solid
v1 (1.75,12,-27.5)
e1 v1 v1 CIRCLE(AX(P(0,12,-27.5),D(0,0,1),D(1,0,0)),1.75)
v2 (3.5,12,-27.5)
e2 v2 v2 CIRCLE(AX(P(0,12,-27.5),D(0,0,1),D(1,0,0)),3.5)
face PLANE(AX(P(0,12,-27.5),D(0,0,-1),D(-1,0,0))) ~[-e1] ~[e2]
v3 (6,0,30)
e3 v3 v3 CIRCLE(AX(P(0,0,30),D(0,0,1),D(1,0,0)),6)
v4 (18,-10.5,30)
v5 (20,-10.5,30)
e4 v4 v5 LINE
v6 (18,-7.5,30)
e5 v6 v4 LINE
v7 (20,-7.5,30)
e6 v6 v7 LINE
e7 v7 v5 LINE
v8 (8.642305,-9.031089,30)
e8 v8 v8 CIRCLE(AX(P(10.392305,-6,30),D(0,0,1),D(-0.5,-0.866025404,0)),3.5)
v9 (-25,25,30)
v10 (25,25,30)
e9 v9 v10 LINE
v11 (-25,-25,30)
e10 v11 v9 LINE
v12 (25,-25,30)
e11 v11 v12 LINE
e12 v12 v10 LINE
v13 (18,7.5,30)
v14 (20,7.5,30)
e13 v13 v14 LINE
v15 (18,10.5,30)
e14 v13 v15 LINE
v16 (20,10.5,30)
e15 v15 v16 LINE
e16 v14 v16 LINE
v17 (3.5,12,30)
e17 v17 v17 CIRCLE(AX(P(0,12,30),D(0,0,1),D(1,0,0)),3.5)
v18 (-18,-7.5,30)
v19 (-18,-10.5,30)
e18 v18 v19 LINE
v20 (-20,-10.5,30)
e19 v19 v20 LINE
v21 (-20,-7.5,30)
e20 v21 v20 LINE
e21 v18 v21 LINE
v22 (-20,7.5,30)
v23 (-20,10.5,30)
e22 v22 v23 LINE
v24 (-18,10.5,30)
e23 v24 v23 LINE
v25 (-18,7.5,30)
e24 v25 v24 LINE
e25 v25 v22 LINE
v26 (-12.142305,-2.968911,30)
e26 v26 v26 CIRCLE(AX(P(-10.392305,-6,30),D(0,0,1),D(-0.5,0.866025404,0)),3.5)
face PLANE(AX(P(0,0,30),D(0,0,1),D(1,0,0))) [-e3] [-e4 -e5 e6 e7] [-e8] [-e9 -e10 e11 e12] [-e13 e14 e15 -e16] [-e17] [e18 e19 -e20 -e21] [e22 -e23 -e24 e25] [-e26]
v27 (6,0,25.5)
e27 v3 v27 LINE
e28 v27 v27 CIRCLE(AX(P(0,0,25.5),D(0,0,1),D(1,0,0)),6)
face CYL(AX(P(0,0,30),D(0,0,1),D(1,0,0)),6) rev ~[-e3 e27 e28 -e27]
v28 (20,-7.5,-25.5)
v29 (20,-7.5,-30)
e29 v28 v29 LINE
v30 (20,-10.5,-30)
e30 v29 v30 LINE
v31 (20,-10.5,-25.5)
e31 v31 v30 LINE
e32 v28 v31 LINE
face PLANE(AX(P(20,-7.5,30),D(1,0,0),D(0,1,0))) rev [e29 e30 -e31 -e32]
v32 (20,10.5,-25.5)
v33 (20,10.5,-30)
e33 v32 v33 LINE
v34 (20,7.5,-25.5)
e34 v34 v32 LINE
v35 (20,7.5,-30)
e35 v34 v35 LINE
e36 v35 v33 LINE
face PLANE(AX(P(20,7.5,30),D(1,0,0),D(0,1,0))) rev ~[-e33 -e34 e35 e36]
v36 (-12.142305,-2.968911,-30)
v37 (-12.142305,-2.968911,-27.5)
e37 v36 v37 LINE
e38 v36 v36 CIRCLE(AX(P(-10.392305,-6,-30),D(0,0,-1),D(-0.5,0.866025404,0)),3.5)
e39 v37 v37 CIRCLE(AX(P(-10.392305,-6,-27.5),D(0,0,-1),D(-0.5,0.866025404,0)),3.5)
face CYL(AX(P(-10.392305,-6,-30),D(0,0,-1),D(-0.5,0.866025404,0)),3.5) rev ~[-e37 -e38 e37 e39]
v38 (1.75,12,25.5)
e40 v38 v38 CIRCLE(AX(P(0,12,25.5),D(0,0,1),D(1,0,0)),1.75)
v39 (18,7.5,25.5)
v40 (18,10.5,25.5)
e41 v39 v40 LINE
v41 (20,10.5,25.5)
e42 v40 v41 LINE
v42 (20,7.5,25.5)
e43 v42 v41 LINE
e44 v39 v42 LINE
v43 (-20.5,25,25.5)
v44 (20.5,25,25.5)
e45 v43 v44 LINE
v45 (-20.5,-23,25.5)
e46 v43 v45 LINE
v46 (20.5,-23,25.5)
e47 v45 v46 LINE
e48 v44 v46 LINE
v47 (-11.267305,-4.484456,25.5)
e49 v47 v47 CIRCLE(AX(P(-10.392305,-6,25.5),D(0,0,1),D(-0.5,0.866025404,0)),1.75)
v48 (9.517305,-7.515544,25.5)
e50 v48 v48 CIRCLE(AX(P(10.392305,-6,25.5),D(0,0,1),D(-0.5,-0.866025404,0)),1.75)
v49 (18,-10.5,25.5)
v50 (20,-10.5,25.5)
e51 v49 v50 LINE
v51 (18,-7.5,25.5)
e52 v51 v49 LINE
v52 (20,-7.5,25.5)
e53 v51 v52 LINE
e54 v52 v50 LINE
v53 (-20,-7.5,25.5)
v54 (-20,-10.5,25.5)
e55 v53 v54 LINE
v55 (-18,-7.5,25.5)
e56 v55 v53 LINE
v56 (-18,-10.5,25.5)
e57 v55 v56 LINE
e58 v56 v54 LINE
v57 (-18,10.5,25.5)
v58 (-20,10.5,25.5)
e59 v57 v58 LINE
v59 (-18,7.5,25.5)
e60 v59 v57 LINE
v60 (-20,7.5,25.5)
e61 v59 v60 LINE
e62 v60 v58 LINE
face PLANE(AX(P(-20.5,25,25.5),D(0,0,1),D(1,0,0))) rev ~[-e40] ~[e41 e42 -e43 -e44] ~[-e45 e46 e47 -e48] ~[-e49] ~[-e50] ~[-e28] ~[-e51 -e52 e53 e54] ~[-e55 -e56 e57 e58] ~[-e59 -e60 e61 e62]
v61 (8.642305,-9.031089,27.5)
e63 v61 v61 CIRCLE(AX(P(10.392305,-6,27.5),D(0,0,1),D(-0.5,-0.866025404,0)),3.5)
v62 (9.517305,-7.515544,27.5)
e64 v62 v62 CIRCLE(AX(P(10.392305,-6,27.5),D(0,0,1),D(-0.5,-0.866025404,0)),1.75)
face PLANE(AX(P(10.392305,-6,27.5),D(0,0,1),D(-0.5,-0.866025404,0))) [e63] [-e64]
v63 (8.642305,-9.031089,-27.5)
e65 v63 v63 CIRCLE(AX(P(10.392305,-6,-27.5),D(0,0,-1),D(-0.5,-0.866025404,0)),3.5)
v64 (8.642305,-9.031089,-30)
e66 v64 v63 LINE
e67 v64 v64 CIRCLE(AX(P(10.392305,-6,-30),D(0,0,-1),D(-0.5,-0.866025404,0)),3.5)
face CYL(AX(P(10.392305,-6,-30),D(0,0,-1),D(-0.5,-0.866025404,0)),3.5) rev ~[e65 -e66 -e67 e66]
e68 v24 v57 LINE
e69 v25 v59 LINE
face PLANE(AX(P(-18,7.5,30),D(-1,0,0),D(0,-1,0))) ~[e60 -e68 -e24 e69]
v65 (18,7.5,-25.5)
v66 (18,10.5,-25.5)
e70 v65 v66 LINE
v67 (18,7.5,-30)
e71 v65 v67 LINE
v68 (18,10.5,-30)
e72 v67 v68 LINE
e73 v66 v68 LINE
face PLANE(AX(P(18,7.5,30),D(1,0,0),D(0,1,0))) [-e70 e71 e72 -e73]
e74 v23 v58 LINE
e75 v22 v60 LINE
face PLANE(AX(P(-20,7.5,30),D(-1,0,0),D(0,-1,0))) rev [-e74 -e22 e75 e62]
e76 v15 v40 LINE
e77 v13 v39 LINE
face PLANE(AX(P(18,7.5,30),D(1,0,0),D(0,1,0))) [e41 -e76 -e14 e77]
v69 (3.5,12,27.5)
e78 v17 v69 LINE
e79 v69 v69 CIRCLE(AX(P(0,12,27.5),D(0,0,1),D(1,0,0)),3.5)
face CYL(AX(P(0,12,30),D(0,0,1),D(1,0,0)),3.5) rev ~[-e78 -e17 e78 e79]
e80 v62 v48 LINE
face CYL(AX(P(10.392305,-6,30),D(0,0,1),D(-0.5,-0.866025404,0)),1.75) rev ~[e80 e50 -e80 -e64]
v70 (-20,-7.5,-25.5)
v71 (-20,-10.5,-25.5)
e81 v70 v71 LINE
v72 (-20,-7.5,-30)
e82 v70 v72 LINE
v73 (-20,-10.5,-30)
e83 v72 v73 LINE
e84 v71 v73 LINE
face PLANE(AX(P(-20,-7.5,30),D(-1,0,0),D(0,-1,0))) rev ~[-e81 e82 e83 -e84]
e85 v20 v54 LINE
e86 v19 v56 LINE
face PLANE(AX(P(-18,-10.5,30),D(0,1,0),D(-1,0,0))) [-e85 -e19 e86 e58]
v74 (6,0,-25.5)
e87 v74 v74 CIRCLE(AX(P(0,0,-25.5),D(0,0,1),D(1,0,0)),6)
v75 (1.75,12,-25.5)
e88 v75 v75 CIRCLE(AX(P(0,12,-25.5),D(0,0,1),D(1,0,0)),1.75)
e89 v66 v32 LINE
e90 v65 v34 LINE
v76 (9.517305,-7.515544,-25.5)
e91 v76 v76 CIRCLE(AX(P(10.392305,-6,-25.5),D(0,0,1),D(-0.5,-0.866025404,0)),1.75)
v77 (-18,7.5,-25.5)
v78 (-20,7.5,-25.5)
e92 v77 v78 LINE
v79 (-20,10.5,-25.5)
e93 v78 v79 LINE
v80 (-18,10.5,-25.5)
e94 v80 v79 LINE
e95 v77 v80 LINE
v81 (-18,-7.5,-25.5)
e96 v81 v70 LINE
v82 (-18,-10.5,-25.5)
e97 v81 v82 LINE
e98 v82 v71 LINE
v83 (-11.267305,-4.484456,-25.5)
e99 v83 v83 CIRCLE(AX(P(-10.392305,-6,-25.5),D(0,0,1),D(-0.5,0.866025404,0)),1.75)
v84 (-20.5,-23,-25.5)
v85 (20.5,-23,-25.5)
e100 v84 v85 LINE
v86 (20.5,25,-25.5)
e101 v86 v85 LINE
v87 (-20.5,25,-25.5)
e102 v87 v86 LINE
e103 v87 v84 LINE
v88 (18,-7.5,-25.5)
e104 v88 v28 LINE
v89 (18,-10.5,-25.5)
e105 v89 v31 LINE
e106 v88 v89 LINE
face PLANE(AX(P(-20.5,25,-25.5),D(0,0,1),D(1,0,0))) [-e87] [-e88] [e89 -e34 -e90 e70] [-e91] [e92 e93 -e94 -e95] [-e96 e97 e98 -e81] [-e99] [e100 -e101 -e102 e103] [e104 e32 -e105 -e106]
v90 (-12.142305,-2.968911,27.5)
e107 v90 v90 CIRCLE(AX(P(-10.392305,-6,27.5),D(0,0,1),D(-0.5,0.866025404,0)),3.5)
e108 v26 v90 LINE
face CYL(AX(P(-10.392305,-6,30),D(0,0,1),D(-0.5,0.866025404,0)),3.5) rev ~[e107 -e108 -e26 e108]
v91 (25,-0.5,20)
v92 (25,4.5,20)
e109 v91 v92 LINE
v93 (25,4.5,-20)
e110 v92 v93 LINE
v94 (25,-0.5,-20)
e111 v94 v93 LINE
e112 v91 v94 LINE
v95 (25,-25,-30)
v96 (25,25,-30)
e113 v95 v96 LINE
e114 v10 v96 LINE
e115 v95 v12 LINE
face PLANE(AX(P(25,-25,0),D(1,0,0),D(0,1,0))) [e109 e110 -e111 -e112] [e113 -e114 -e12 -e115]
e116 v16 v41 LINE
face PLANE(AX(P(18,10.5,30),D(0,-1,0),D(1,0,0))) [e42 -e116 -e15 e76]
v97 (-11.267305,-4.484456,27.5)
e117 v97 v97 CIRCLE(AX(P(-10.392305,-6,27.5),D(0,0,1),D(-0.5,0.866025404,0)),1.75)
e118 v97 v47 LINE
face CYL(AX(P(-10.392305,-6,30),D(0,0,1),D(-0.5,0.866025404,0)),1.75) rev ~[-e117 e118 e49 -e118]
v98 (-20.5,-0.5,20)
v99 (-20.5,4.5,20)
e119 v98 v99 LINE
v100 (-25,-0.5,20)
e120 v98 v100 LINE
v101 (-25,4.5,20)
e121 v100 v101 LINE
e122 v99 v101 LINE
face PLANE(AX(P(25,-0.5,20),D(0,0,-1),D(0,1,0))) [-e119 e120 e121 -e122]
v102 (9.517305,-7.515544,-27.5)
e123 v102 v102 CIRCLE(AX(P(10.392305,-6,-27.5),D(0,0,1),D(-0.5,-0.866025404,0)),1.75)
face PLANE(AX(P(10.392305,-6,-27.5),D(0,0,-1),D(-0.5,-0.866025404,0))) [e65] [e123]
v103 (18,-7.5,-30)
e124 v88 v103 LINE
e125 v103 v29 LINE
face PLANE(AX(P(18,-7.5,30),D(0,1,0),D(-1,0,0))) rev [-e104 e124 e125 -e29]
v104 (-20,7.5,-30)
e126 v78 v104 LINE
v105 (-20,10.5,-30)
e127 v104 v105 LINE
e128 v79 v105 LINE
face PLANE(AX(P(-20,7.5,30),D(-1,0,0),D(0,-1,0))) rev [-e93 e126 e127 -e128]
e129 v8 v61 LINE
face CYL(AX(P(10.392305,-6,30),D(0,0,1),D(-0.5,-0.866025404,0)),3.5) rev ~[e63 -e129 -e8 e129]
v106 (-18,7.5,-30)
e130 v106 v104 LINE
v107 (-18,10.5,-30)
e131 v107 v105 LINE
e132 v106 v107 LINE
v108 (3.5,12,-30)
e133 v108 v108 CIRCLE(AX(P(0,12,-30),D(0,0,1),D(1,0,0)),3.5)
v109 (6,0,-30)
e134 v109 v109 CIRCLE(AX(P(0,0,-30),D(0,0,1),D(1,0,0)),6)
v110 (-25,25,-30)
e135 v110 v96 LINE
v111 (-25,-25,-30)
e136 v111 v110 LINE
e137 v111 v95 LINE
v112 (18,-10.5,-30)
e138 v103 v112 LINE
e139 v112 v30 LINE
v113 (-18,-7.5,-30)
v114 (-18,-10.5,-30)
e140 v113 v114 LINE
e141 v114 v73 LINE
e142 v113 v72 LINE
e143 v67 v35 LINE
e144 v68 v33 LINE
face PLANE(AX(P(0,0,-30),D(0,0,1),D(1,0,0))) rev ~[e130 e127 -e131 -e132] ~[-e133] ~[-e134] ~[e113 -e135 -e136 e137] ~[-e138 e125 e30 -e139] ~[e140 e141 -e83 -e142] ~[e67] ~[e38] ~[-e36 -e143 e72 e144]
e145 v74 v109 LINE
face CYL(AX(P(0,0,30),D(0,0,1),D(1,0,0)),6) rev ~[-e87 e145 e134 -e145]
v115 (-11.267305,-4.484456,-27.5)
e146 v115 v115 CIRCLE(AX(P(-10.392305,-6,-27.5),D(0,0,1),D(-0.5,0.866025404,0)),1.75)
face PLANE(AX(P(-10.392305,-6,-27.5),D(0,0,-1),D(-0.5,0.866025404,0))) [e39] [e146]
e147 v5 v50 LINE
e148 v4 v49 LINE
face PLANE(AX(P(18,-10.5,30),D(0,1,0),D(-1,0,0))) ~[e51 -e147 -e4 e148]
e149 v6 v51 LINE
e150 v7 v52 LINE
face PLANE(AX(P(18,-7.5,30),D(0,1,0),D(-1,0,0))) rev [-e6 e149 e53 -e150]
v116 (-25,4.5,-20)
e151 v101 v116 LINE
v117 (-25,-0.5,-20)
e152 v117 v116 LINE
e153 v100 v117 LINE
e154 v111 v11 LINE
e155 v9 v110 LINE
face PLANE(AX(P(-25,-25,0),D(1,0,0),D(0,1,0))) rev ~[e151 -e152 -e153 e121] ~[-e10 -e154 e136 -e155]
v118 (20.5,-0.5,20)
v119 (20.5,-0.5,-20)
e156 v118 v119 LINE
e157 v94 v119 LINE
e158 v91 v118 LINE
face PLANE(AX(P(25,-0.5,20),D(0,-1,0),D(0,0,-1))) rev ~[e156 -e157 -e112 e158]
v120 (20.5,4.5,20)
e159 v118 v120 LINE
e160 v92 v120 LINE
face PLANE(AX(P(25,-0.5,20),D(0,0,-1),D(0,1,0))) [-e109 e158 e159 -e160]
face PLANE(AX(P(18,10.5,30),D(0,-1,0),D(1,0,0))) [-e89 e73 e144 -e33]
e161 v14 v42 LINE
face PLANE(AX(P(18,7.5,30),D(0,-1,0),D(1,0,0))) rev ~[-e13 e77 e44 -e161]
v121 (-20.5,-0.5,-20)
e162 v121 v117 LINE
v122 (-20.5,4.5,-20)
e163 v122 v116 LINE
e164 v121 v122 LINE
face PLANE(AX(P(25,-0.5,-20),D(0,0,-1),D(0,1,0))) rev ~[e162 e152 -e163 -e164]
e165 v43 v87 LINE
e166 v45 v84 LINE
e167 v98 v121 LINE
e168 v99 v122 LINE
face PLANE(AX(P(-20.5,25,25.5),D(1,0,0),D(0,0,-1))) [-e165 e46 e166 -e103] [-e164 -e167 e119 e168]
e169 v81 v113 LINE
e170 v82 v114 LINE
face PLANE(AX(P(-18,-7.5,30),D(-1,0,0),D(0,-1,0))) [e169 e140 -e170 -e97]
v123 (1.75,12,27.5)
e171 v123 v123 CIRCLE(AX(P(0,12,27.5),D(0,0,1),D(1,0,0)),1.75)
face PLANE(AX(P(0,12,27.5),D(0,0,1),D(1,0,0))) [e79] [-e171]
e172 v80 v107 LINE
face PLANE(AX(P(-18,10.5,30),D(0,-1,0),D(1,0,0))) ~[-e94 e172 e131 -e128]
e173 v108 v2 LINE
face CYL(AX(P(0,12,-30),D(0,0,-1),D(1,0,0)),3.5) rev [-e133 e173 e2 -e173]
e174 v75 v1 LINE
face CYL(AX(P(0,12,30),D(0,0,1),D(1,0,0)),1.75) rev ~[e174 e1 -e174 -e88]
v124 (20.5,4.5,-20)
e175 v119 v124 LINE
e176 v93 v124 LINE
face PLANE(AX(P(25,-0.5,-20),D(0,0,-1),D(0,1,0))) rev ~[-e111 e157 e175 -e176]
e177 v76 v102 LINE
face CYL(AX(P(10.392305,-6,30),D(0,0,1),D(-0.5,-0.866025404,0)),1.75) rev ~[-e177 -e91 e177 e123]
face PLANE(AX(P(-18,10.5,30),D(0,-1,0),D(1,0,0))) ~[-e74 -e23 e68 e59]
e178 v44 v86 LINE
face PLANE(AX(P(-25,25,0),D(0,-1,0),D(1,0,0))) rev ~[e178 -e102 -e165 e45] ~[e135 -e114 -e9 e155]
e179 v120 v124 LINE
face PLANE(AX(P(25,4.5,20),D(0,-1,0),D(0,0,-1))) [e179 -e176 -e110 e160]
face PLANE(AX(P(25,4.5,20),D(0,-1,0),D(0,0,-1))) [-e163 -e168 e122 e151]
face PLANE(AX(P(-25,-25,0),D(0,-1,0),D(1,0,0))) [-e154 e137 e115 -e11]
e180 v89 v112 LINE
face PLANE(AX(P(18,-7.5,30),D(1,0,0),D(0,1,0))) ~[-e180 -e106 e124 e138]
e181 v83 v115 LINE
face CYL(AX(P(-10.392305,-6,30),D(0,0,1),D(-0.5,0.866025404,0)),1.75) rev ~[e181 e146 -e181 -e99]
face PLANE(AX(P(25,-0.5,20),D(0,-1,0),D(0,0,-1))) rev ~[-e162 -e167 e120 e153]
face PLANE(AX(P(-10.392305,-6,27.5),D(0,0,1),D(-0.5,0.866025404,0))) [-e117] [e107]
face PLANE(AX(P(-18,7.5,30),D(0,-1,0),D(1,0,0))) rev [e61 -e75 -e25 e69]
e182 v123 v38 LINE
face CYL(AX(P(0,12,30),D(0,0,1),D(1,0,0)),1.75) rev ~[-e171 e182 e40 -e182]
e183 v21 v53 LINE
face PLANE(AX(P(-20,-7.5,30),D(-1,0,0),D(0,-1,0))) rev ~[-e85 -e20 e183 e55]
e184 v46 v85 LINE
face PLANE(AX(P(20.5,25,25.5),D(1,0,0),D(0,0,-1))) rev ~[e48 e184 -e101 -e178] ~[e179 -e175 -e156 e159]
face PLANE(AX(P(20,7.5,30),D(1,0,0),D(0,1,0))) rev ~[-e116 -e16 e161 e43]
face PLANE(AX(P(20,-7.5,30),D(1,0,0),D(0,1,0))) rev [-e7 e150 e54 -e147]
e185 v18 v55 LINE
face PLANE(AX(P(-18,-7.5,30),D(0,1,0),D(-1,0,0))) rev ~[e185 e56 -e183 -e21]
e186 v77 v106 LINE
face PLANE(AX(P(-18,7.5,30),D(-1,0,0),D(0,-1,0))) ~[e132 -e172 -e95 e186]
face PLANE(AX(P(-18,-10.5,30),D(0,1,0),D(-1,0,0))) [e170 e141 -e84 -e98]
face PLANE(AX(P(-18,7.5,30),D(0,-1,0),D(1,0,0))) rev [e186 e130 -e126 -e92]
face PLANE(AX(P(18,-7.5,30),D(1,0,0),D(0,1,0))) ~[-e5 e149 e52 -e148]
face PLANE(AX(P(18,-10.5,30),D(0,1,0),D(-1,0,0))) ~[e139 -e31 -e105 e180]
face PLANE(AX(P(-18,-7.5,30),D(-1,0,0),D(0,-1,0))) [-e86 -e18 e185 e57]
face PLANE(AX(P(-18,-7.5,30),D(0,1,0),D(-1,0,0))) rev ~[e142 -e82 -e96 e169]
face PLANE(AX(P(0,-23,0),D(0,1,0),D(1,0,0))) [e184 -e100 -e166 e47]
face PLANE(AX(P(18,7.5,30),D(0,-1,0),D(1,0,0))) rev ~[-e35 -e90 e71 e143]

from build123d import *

# Parameters (mm, degrees)
SKETCH1_W                                  = 50
SKETCH1_H                                  = 50
BOSS_EXTRUDE1_DEPTH                        = 30
SKETCH3_R                                  = 6
CUT_EXTRUDE1_DEPTH                         = 70
SKETCH5_W                                  = 41
SKETCH5_H                                  = 51
CUT_EXTRUDE3_DEPTH                         = 48
SKETCH7_R                                  = 1.75
CUT_EXTRUDE5_DEPTH                         = 60
CIRPATTERN3_COUNT                          = 3
SKETCH8_W                                  = 2
SKETCH8_H                                  = 3
CUT_EXTRUDE6_DEPTH                         = 60
MIRROR1_AT_THE_SECOND_PLANE_COPY_1_SKETC_W = 2
MIRROR1_AT_THE_SECOND_PLANE_COPY_1_SKETC_H = 3
MIRROR1_AT_THE_SECOND_PLANE_COPY_1_DEPTH   = 60
SKETCH9_W                                  = 40
SKETCH9_H                                  = 5
CUT_EXTRUDE7_DEPTH                         = 60
SKETCH10_R                                 = 3.5
CUT_EXTRUDE8_DEPTH                         = 2.5
CIRPATTERN4_COUNT                          = 3
MIRROR2_COPY_1_SKETCH_R                    = 3.5
MIRROR2_COPY_1_DEPTH                       = 2.5
MIRROR2_COPY_2_SKETCH_R                    = 3.5
MIRROR2_COPY_2_DEPTH                       = 2.5


with BuildPart() as part:
    # Sketch1 → Boss-Extrude1 (new, symmetric)
    with BuildSketch(Plane.XY):
        Rectangle(SKETCH1_W, SKETCH1_H)
    extrude(amount=BOSS_EXTRUDE1_DEPTH, both=True)

    # Sketch3 → Cut-Extrude1 (cut)
    with BuildSketch(Plane.XY.offset(30)):
        Circle(SKETCH3_R)
    extrude(amount=-CUT_EXTRUDE1_DEPTH, mode=Mode.SUBTRACT)

    # Sketch5 → Cut-Extrude3 (cut)
    with BuildSketch(Plane(origin=(0, 25, 0), x_dir=(1, 0, 0), z_dir=(0, 1, 0))):
        Rectangle(SKETCH5_W, SKETCH5_H)
    extrude(amount=-CUT_EXTRUDE3_DEPTH, mode=Mode.SUBTRACT)

    # Sketch7 → Cut-Extrude5 (cut)
    with BuildSketch(Plane.XY.offset(30)):
        with Locations((0, 12)):
            Circle(SKETCH7_R)
    cut_extrude5 = extrude(amount=-CUT_EXTRUDE5_DEPTH, mode=Mode.SUBTRACT)

    # CirPattern3: Cut-Extrude5 ×3 about axis
    cirpattern3_axis = Axis((0, 0, 0), (0, 0, 1))
    for i in range(1, CIRPATTERN3_COUNT):
        add(cut_extrude5.rotate(cirpattern3_axis, i * 360 / CIRPATTERN3_COUNT), mode=Mode.SUBTRACT)

    # Sketch8 → Cut-Extrude6 (cut)
    with BuildSketch(Plane.XY.offset(30)):
        with Locations((19, 9)):
            Rectangle(SKETCH8_W, SKETCH8_H)
    cut_extrude6 = extrude(amount=-CUT_EXTRUDE6_DEPTH, mode=Mode.SUBTRACT)

    # Mirror1: Cut-Extrude6 across plane
    add(cut_extrude6.mirror(Plane.ZX), mode=Mode.SUBTRACT)

    # Mirror1 at the second plane: Cut-Extrude6 across plane
    add(cut_extrude6.mirror(Plane(origin=(0, 0, 0), x_dir=(0, 0, 1), z_dir=(1, 0, 0))), mode=Mode.SUBTRACT)

    # Mirror1 at the second plane copy 1 sketc → Mirror1 at the second plane copy 1 (cut)
    with BuildSketch(Plane(origin=(0, 0, 30), x_dir=(-1, 0, 0), z_dir=(0, 0, 1))):
        with Locations((19, 9)):
            Rectangle(MIRROR1_AT_THE_SECOND_PLANE_COPY_1_SKETC_W, MIRROR1_AT_THE_SECOND_PLANE_COPY_1_SKETC_H)
    extrude(amount=-MIRROR1_AT_THE_SECOND_PLANE_COPY_1_DEPTH, mode=Mode.SUBTRACT)

    # Sketch9 → Cut-Extrude7 (cut)
    with BuildSketch(Plane(origin=(25, 0, 0), x_dir=(0, 0, -1), z_dir=(1, 0, 0))):
        with Locations((0, 2)):
            Rectangle(SKETCH9_W, SKETCH9_H)
    extrude(amount=-CUT_EXTRUDE7_DEPTH, mode=Mode.SUBTRACT)

    # Sketch10 → Cut-Extrude8 (cut)
    with BuildSketch(Plane.XY.offset(30)):
        with Locations((0, 12)):
            Circle(SKETCH10_R)
    cut_extrude8 = extrude(amount=-CUT_EXTRUDE8_DEPTH, mode=Mode.SUBTRACT)

    # CirPattern4: Cut-Extrude8 ×3 about axis
    cirpattern4_axis = Axis((0, 0, 0), (0, 0, 1))
    for i in range(1, CIRPATTERN4_COUNT):
        add(cut_extrude8.rotate(cirpattern4_axis, i * 360 / CIRPATTERN4_COUNT), mode=Mode.SUBTRACT)

    # Mirror2: Cut-Extrude8 across plane
    add(cut_extrude8.mirror(Plane.XY), mode=Mode.SUBTRACT)

    # Mirror2 copy 1 sketch → Mirror2 copy 1 (cut)
    with BuildSketch(Plane(origin=(0, 0, -30), x_dir=(-0.4999999999999998, 0.8660254037844387, 0), z_dir=(0, 0, -1))):
        with Locations((0, -12)):
            Circle(MIRROR2_COPY_1_SKETCH_R)
    extrude(amount=-MIRROR2_COPY_1_DEPTH, mode=Mode.SUBTRACT)

    # Mirror2 copy 2 sketch → Mirror2 copy 2 (cut)
    with BuildSketch(Plane(origin=(0, 0, -30), x_dir=(-0.5000000000000004, -0.8660254037844384, 0), z_dir=(0, 0, -1))):
        with Locations((0, -12)):
            Circle(MIRROR2_COPY_2_SKETCH_R)
    extrude(amount=-MIRROR2_COPY_2_DEPTH, mode=Mode.SUBTRACT)


solid = part.part
